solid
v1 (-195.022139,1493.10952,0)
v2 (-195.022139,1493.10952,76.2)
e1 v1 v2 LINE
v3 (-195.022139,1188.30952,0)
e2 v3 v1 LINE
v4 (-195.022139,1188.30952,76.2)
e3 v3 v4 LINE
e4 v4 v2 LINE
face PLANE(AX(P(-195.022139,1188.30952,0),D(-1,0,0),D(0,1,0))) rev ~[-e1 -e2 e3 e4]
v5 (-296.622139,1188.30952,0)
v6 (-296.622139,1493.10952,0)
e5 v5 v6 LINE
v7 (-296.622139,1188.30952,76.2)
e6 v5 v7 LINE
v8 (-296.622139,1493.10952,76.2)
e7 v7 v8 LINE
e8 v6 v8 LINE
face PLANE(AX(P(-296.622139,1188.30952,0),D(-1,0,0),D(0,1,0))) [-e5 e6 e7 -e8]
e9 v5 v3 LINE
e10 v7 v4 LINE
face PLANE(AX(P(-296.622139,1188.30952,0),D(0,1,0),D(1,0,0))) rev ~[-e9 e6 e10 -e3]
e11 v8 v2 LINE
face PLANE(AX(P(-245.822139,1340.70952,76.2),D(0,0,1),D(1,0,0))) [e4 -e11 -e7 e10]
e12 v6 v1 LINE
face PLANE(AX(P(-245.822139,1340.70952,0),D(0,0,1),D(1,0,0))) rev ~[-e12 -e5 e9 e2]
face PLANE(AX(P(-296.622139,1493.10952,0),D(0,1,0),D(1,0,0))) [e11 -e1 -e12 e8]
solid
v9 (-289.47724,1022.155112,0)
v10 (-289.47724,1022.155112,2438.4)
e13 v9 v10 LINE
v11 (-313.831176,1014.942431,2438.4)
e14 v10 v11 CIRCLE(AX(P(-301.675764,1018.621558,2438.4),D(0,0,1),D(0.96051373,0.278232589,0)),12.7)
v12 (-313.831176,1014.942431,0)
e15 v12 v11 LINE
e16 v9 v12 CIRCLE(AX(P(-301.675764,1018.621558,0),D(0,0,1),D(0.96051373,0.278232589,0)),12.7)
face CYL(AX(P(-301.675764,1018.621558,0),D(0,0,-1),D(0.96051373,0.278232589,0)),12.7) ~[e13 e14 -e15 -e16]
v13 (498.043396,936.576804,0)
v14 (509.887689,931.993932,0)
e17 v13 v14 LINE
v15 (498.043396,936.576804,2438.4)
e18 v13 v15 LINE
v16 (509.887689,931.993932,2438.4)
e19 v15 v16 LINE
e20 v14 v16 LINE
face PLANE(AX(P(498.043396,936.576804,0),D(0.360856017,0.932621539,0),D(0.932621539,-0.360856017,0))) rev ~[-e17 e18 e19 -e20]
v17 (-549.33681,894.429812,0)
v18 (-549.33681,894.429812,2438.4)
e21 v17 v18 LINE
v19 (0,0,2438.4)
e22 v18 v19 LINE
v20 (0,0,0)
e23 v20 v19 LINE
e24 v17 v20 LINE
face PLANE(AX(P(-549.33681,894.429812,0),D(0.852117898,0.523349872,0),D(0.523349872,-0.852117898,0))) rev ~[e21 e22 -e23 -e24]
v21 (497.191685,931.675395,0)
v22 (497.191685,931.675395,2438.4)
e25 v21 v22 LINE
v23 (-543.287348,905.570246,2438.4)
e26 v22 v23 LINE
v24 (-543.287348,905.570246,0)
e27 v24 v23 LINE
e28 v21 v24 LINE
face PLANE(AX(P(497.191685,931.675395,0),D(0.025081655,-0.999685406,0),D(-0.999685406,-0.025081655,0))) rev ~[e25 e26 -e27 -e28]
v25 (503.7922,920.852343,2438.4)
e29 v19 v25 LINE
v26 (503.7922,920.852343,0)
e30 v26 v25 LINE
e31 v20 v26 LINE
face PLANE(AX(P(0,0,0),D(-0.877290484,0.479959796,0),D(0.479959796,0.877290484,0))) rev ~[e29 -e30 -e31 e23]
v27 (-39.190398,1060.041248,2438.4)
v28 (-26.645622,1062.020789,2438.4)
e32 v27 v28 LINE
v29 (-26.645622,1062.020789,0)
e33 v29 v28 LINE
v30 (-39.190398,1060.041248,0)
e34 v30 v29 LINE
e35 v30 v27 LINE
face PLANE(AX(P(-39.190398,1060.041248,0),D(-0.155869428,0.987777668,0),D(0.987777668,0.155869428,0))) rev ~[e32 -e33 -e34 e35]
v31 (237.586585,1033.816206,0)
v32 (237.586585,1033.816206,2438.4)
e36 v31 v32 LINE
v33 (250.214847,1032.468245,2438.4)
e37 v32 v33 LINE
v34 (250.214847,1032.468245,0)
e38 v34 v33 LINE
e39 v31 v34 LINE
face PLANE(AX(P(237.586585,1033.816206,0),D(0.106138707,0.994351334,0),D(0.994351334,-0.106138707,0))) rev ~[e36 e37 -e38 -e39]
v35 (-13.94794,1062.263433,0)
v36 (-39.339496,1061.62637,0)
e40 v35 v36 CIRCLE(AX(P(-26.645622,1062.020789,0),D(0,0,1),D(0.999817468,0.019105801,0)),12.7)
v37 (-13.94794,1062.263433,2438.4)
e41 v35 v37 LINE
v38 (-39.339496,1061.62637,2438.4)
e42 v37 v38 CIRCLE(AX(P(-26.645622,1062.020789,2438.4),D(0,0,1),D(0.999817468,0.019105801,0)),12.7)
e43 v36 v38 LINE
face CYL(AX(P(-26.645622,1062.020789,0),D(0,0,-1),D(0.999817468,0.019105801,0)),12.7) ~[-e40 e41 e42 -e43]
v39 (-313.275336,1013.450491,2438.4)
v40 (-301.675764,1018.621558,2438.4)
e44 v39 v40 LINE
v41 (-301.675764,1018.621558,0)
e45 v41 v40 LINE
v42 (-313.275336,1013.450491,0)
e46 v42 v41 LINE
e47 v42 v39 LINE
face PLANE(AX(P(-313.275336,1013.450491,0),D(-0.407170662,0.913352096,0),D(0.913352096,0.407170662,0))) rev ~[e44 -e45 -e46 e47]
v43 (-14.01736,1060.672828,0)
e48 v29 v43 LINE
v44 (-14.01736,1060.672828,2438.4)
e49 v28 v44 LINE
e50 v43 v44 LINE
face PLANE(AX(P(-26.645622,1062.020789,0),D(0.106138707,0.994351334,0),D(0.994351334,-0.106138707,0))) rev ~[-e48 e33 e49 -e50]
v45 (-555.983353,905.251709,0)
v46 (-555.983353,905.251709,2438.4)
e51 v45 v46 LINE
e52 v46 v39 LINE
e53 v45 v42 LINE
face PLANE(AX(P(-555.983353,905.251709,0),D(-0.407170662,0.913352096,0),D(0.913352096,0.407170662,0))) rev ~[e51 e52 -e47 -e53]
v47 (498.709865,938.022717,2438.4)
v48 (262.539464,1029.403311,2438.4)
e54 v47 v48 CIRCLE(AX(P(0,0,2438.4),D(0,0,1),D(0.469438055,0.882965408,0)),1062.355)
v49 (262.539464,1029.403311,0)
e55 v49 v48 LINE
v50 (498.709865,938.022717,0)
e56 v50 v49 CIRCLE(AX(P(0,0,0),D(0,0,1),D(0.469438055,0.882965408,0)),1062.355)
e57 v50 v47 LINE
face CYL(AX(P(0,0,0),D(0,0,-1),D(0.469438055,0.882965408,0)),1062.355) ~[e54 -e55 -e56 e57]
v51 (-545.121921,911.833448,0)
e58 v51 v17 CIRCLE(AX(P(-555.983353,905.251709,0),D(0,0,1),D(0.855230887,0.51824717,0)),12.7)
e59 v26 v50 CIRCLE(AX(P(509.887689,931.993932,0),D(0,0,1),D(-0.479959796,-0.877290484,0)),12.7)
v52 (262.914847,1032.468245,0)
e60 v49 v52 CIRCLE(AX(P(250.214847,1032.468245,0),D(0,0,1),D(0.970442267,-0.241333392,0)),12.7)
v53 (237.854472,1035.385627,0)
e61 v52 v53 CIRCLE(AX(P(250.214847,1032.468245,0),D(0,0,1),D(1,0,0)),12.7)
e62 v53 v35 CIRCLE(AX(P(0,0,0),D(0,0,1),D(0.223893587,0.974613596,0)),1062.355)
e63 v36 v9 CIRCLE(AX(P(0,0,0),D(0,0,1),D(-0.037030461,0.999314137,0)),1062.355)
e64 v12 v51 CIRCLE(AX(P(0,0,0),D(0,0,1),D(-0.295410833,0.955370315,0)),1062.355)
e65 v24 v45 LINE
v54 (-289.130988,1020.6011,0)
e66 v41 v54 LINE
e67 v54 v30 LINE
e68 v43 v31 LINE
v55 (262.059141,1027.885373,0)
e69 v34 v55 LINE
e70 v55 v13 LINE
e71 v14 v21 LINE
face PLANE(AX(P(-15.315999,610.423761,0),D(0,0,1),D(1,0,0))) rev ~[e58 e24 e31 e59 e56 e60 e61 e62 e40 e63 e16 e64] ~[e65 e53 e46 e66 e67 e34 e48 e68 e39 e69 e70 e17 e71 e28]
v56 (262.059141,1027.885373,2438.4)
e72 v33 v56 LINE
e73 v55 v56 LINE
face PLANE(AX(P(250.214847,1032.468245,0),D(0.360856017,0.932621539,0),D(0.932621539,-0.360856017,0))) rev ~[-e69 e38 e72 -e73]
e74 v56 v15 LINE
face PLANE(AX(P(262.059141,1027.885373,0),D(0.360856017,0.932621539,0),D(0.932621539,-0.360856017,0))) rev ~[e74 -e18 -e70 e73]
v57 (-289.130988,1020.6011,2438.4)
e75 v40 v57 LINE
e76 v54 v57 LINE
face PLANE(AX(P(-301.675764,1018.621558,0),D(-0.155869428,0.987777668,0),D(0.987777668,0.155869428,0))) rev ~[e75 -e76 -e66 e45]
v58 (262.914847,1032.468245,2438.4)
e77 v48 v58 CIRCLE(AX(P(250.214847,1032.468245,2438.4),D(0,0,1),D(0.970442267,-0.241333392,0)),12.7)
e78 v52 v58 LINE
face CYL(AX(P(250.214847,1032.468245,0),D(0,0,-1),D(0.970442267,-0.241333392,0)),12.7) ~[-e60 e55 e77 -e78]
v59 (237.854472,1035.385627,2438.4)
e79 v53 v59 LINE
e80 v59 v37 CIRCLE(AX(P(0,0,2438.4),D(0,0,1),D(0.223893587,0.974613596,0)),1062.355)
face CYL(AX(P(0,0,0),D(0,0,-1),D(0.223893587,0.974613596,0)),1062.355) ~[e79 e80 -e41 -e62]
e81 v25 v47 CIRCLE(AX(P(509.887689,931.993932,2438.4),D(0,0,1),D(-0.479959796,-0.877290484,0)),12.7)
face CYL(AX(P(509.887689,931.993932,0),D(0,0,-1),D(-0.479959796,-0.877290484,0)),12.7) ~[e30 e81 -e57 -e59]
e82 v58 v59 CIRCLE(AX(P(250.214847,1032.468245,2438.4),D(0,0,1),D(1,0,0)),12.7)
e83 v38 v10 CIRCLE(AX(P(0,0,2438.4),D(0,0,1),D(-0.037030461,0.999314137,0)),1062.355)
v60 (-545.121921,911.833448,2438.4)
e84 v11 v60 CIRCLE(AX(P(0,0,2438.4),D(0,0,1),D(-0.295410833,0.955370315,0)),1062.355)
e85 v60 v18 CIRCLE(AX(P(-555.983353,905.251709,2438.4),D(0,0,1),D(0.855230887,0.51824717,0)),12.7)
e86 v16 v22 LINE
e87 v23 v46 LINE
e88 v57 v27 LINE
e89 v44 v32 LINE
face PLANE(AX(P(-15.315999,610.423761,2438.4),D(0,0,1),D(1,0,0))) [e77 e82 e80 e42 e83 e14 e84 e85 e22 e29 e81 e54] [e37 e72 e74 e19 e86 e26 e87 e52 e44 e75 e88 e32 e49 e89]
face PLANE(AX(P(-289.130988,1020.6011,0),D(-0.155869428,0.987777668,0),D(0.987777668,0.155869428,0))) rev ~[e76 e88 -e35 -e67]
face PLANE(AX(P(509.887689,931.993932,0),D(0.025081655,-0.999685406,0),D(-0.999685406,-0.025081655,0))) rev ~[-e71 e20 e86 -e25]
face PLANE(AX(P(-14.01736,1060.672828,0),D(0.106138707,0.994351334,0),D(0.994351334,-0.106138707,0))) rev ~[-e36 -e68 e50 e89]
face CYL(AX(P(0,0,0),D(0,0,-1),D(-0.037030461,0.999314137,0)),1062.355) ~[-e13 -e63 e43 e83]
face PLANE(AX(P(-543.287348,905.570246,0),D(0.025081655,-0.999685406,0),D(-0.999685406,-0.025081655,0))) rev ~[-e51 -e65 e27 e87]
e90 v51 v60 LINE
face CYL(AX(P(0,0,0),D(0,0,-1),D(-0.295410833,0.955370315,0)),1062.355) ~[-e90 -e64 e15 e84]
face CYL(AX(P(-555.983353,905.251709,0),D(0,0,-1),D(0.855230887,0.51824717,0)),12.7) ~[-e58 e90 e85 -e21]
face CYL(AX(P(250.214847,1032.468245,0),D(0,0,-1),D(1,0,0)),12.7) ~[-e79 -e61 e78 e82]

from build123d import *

# Parameters (mm, degrees)
F1_DEPTH = 2438.4
F2_W     = 101.6
F2_H     = 304.8
F3_DEPTH = 76.2


with BuildPart() as f1:
    # F0 (on Top) → F1 (new body)
    with BuildSketch(Plane.XY):
        with BuildLine():
            ThreePointArc((-543.283352972, 905.251709329), (-544.8995562215, 899.0517537166), (-549.3368096011, 894.4298120268))
            Line((-549.3368096011, 894.4298120268), (0, 0))
            Line((0, 0), (503.7922000659, 920.852343309))
            ThreePointArc((503.7922000659, 920.852343309), (499.0449648841, 925.3814198254), (497.1916848263, 931.6753954363))
            Line((497.1916848263, 931.6753954363), (-543.2873483183, 905.5702463525))
            ThreePointArc((-543.2873483183, 905.5702463525), (-543.2843518478, 905.4109903685), (-543.283352972, 905.251709329))
        make_face()
        with BuildLine():
            Line((509.8876894799, 931.9939324598), (497.1916848263, 931.6753954363))
            ThreePointArc((497.1916848263, 931.6753954363), (499.0449648841, 925.3814198254), (503.7922000659, 920.852343309))
            Line((503.7922000659, 920.852343309), (509.8876894799, 931.9939324598))
        make_face()
        with BuildLine():
            Line((-543.2873483183, 905.5702463525), (-555.983352972, 905.251709329))
            Line((-555.983352972, 905.251709329), (-549.3368096011, 894.4298120268))
            ThreePointArc((-549.3368096011, 894.4298120268), (-544.8995562215, 899.0517537166), (-543.283352972, 905.251709329))
            ThreePointArc((-543.283352972, 905.251709329), (-543.2843518478, 905.4109903685), (-543.2873483183, 905.5702463525))
        make_face()
        with BuildLine():
            Line((-549.3368096011, 894.4298120268), (-555.983352972, 905.251709329))
            ThreePointArc((-555.983352972, 905.251709329), (-550.562472159, 908.5588094753), (-545.1219207009, 911.8334483865))
            ThreePointArc((-545.1219207009, 911.8334483865), (-568.3265268914, 908.2410332652), (-549.3368096011, 894.4298120268))
        make_face()
        with BuildLine():
            ThreePointArc((-545.1219207009, 911.8334483865), (-550.562472159, 908.5588094753), (-555.983352972, 905.251709329))
            Line((-555.983352972, 905.251709329), (-544.3837813493, 910.4227767401))
            ThreePointArc((-544.3837813493, 910.4227767401), (-544.7307233858, 911.1396909354), (-545.1219207009, 911.8334483865))
        make_face()
        with BuildLine():
            ThreePointArc((-313.8311755896, 1014.942431497), (-432.5597889382, 970.304166238), (-545.1219207009, 911.8334483865))
            ThreePointArc((-545.1219207009, 911.8334483865), (-544.7307233858, 911.1396909354), (-544.3837813493, 910.4227767401))
            Line((-544.3837813493, 910.4227767401), (-313.2753358647, 1013.4504910167))
            ThreePointArc((-313.2753358647, 1013.4504910167), (-313.5766581403, 1014.1877424165), (-313.8311755896, 1014.942431497))
        make_face()
        with BuildLine():
            ThreePointArc((-289.4772398661, 1022.1551123115), (-305.2821690746, 1030.7987438245), (-313.8311755896, 1014.942431497))
            ThreePointArc((-313.8311755896, 1014.942431497), (-307.7589677637, 1016.8001592181), (-301.6757642421, 1018.6215584278))
            ThreePointArc((-301.6757642421, 1018.6215584278), (-295.581782367, 1020.4065640507), (-289.4772398661, 1022.1551123115))
        make_face()
        with BuildLine():
            ThreePointArc((-301.6757642421, 1018.6215584278), (-307.7589677637, 1016.8001592181), (-313.8311755896, 1014.942431497))
            ThreePointArc((-313.8311755896, 1014.942431497), (-313.5766581403, 1014.1877424165), (-313.2753358647, 1013.4504910167))
            Line((-313.2753358647, 1013.4504910167), (-301.6757642421, 1018.6215584278))
        make_face()
        with BuildLine():
            ThreePointArc((-289.4772398661, 1022.1551123115), (-295.581782367, 1020.4065640507), (-301.6757642421, 1018.6215584278))
            Line((-301.6757642421, 1018.6215584278), (-289.130987859, 1020.6011001674))
            ThreePointArc((-289.130987859, 1020.6011001674), (-289.2797378001, 1021.3835375101), (-289.4772398661, 1022.1551123115))
        make_face()
        with BuildLine():
            ThreePointArc((-39.3394958808, 1061.626370287), (-165.5886665154, 1049.370544444), (-289.4772398661, 1022.1551123115))
            ThreePointArc((-289.4772398661, 1022.1551123115), (-289.2797378001, 1021.3835375101), (-289.130987859, 1020.6011001674))
            Line((-289.130987859, 1020.6011001674), (-39.1903984004, 1060.0412475354))
            ThreePointArc((-39.1903984004, 1060.0412475354), (-39.2898112005, 1060.8314701847), (-39.3394958808, 1061.626370287))
        make_face()
        with BuildLine():
            Line((509.8876894799, 931.9939324598), (503.7922000659, 920.852343309))
            ThreePointArc((503.7922000659, 920.852343309), (516.3636945927, 921.0691277577), (522.5876894799, 931.9939324598))
            ThreePointArc((522.5876894799, 931.9939324598), (512.9966786696, 944.3075097718), (498.7098648786, 938.0227165148))
            ThreePointArc((498.7098648786, 938.0227165148), (504.3077862018, 935.025027901), (509.8876894799, 931.9939324598))
        make_face()
        with BuildLine():
            Line((498.0433959366, 936.5768038806), (509.8876894799, 931.9939324598))
            ThreePointArc((509.8876894799, 931.9939324598), (504.3077862018, 935.025027901), (498.7098648786, 938.0227165148))
            ThreePointArc((498.7098648786, 938.0227165148), (498.3539499821, 937.3102143557), (498.0433959366, 936.5768038806))
        make_face()
        with BuildLine():
            Line((262.0591408539, 1027.885373229), (498.0433959366, 936.5768038806))
            ThreePointArc((498.0433959366, 936.5768038806), (498.3539499821, 937.3102143557), (498.7098648786, 938.0227165148))
            ThreePointArc((498.7098648786, 938.0227165148), (383.3571943519, 990.7751548983), (262.5394641033, 1029.4033105704))
            ThreePointArc((262.5394641033, 1029.4033105704), (262.3231126757, 1028.6368076024), (262.0591408539, 1027.885373229))
        make_face()
        with BuildLine():
            ThreePointArc((-13.9479401798, 1062.2634329533), (-26.9641590408, 1074.7167939286), (-39.3394958808, 1061.626370287))
            ThreePointArc((-39.3394958808, 1061.626370287), (-32.9931483431, 1061.8425486801), (-26.6456220173, 1062.020789275))
            ThreePointArc((-26.6456220173, 1062.020789275), (-20.2971436895, 1062.1610857036), (-13.9479401798, 1062.2634329533))
        make_face()
        with BuildLine():
            ThreePointArc((-26.6456220173, 1062.020789275), (-32.9931483431, 1061.8425486801), (-39.3394958808, 1061.626370287))
            ThreePointArc((-39.3394958808, 1061.626370287), (-39.2898112005, 1060.8314701847), (-39.1903984004, 1060.0412475354))
            Line((-39.1903984004, 1060.0412475354), (-26.6456220173, 1062.020789275))
        make_face()
        with BuildLine():
            Line((250.2148473106, 1032.4682446499), (262.0591408539, 1027.885373229))
            ThreePointArc((262.0591408539, 1027.885373229), (262.3231126757, 1028.6368076024), (262.5394641033, 1029.4033105704))
            ThreePointArc((262.5394641033, 1029.4033105704), (256.381735745, 1030.9541947155), (250.2148473106, 1032.4682446499))
        make_face()
        with BuildLine():
            ThreePointArc((-13.9479401798, 1062.2634329533), (-20.2971436895, 1062.1610857036), (-26.6456220173, 1062.020789275))
            Line((-26.6456220173, 1062.020789275), (-14.0173600787, 1060.6728276993))
            ThreePointArc((-14.0173600787, 1060.6728276993), (-13.9635692138, 1061.3458546932), (-13.9456220173, 1062.020789275))
            ThreePointArc((-13.9456220173, 1062.020789275), (-13.9462015711, 1062.1421166508), (-13.9479401798, 1062.2634329533))
        make_face()
        with BuildLine():
            ThreePointArc((237.8544718619, 1035.3856268272), (112.7569858058, 1056.3541111658), (-13.9479401798, 1062.2634329533))
            ThreePointArc((-13.9479401798, 1062.2634329533), (-13.9462015711, 1062.1421166508), (-13.9456220173, 1062.020789275))
            ThreePointArc((-13.9456220173, 1062.020789275), (-13.9635692138, 1061.3458546932), (-14.0173600787, 1060.6728276993))
            Line((-14.0173600787, 1060.6728276993), (237.5865853719, 1033.8162062255))
            ThreePointArc((237.5865853719, 1033.8162062255), (237.6959108592, 1034.6051185642), (237.8544718619, 1035.3856268272))
        make_face()
        with BuildLine():
            ThreePointArc((250.2148473106, 1032.4682446499), (256.381735745, 1030.9541947155), (262.5394641033, 1029.4033105704))
            ThreePointArc((262.5394641033, 1029.4033105704), (262.820652189, 1030.9243264636), (262.9148473106, 1032.4682446499))
            ThreePointArc((262.9148473106, 1032.4682446499), (251.6833894111, 1045.0830527776), (237.8544718619, 1035.3856268272))
            ThreePointArc((237.8544718619, 1035.3856268272), (244.0390191323, 1033.9454062792), (250.2148473106, 1032.4682446499))
        make_face()
        with BuildLine():
            Line((237.5865853719, 1033.8162062255), (250.2148473106, 1032.4682446499))
            ThreePointArc((250.2148473106, 1032.4682446499), (244.0390191323, 1033.9454062792), (237.8544718619, 1035.3856268272))
            ThreePointArc((237.8544718619, 1035.3856268272), (237.6959108592, 1034.6051185642), (237.5865853719, 1033.8162062255))
        make_face()
    extrude(amount=F1_DEPTH)


with BuildPart() as f3:
    # F2 (on Top) → F3 (new body)
    with BuildSketch(Plane.XY):
        with Locations((-245.8221390843, 1340.7095196815)):
            Rectangle(F2_W, F2_H)
    extrude(amount=F3_DEPTH)


solid = Compound([f1.part, f3.part])
